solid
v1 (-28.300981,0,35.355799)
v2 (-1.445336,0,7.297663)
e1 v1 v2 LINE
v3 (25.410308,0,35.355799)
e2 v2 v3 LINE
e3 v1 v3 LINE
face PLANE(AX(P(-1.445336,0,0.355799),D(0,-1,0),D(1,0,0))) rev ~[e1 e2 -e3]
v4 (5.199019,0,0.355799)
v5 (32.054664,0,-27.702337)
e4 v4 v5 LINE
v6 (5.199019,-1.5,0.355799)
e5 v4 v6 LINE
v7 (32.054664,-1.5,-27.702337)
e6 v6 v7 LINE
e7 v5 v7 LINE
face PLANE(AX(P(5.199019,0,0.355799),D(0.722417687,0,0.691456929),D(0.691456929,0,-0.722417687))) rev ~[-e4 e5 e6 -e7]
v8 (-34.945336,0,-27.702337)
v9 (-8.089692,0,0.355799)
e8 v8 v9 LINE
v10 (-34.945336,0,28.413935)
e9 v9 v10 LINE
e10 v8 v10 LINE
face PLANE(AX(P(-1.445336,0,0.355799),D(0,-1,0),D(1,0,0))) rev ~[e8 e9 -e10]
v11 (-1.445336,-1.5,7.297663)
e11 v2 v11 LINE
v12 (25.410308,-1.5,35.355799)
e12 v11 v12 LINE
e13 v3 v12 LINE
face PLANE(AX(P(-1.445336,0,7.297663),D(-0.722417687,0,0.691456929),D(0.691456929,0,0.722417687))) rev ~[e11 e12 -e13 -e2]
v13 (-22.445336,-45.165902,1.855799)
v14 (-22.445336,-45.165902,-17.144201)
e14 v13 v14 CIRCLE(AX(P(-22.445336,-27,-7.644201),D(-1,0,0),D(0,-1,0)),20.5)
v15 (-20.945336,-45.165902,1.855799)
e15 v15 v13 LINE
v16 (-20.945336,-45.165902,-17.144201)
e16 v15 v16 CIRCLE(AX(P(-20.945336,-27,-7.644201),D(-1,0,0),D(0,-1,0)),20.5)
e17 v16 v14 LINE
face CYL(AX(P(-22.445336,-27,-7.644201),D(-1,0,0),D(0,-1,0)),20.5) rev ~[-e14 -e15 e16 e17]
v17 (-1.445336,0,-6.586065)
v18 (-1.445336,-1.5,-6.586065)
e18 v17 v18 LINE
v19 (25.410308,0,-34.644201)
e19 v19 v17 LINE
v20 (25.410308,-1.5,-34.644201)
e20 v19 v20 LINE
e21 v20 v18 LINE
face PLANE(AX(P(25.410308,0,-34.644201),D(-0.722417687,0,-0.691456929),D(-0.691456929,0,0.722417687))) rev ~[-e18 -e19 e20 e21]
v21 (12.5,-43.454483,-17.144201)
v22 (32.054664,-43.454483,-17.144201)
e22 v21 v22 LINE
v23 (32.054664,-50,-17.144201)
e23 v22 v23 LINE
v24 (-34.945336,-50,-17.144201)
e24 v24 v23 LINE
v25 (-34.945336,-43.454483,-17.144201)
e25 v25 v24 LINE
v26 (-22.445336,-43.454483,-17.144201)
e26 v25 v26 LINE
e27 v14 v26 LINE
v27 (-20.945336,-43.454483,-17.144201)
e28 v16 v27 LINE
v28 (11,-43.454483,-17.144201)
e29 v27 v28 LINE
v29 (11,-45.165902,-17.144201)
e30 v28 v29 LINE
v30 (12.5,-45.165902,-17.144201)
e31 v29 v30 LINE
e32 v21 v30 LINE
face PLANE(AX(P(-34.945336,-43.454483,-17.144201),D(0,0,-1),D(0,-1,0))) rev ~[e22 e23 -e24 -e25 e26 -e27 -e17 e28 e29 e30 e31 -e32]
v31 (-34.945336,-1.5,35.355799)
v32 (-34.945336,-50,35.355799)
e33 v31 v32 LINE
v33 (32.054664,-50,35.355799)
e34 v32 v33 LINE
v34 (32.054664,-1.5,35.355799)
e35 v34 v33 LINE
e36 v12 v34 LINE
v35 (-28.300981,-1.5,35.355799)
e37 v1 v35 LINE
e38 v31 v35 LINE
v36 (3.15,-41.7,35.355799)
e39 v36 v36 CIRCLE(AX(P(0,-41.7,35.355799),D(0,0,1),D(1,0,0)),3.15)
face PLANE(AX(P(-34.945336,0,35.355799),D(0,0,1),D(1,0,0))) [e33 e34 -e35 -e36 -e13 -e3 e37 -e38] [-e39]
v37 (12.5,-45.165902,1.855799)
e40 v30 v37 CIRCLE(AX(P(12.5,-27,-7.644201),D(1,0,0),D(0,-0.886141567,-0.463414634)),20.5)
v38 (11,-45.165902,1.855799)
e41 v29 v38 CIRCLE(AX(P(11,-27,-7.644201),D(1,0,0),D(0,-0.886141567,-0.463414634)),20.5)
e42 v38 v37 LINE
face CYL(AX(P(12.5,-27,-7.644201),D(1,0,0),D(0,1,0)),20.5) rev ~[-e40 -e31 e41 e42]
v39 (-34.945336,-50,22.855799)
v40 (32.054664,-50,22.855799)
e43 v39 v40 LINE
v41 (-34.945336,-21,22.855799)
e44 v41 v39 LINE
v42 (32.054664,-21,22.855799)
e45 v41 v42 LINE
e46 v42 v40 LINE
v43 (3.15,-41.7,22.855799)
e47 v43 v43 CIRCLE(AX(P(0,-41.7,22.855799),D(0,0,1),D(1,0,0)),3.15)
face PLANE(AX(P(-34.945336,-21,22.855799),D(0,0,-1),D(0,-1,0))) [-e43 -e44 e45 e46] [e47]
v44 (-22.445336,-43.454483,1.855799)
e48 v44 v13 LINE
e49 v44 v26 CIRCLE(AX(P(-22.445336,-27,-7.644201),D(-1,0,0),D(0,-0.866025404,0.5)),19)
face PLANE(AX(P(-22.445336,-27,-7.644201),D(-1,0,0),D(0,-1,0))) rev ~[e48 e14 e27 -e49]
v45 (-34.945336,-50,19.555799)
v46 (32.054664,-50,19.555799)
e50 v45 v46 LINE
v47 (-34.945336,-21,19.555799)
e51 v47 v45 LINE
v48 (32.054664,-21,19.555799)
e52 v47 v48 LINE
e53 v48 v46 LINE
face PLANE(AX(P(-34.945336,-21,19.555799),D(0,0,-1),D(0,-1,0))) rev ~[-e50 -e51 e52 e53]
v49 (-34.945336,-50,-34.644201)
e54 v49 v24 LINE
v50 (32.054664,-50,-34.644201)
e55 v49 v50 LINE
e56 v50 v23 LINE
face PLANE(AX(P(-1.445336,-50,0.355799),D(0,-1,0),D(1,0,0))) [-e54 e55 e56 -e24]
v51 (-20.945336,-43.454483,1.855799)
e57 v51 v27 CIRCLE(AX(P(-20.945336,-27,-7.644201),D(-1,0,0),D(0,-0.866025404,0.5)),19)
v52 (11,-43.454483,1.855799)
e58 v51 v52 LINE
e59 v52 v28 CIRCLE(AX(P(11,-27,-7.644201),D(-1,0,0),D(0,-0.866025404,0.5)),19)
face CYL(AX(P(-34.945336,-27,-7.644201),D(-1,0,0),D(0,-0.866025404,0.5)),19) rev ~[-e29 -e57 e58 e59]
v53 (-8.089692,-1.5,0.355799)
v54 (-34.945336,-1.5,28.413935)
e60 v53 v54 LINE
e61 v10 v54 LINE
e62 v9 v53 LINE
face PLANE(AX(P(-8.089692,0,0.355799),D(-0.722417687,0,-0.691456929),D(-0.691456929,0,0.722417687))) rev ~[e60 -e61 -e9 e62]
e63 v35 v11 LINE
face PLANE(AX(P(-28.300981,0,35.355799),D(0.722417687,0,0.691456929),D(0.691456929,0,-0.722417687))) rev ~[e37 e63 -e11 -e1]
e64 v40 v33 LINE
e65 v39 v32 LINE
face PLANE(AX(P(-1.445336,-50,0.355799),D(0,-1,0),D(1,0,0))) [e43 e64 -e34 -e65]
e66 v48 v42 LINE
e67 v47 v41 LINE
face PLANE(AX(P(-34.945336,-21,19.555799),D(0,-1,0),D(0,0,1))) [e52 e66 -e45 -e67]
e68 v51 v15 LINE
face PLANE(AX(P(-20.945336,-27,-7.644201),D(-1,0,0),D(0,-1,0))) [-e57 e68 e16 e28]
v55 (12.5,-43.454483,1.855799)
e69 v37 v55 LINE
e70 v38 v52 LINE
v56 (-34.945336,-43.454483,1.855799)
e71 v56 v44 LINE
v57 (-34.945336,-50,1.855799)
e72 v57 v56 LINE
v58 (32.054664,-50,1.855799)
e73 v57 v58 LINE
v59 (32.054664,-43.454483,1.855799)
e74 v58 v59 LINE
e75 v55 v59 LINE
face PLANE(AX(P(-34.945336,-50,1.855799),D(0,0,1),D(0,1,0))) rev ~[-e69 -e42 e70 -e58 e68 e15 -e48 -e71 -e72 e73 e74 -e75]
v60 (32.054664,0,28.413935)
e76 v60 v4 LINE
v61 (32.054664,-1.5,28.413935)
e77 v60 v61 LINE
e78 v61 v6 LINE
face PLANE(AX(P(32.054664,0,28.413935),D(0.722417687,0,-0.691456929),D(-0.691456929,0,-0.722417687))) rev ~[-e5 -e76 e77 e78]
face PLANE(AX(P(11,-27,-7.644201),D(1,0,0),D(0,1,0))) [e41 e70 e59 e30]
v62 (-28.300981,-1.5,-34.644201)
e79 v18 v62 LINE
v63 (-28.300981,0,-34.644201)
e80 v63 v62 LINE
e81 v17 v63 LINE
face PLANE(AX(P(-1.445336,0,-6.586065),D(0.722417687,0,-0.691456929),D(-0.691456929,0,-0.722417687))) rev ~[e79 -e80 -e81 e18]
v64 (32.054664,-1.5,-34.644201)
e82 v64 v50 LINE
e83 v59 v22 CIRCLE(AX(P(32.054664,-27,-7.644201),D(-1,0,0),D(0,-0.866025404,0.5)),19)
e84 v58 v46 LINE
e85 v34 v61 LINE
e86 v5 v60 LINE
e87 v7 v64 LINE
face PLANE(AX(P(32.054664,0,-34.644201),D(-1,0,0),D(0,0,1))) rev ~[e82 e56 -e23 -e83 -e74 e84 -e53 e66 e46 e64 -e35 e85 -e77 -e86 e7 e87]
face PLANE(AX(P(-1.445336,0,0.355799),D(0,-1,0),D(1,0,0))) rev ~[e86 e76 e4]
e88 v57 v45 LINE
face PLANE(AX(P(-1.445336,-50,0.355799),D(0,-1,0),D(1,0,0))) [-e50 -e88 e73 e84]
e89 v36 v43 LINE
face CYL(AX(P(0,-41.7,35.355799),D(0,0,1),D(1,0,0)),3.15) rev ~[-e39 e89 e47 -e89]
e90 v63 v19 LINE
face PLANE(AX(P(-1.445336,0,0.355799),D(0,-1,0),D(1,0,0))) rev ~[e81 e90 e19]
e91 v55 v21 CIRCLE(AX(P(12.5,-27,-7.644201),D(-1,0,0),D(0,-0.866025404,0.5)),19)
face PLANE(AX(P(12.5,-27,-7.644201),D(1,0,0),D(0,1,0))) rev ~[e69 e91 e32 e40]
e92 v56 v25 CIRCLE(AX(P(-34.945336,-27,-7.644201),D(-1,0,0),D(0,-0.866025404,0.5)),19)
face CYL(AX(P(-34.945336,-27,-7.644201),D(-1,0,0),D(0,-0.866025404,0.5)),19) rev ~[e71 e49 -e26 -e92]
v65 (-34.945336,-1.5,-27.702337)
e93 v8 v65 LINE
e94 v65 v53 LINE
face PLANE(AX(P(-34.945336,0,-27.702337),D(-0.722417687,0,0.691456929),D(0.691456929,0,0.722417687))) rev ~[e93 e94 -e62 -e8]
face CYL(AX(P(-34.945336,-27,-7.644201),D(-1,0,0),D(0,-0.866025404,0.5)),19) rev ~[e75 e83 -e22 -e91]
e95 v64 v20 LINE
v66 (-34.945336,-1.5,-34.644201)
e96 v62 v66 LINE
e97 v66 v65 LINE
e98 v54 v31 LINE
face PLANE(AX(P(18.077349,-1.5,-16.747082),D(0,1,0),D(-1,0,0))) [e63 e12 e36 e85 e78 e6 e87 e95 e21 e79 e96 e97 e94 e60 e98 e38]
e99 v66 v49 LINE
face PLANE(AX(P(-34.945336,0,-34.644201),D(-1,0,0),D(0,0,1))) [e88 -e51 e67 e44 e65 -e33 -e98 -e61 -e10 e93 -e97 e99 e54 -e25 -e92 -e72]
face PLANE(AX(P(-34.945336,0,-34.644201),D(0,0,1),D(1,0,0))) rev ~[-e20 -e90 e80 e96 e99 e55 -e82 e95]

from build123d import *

# Parameters (mm, degrees)
F0_W      = 67
F0_H      = 70
F1_DEPTH  = 50
F3_DEPTH  = 1.5
F5_DEPTH  = 67
F7_R      = 20.5
F8_DEPTH  = 1.5
F9_W      = 29
F9_H      = 3.3
F10_DEPTH = 67
F12_R     = 20.5
F13_DEPTH = 1.5
F14_R     = 3.15
F15_DEPTH = 12.5


with BuildPart() as f1:
    # F0 (on Front) → F1 (new body)
    with BuildSketch(Plane.XZ):
        with Locations((-1.4453364354, 0.3557987511)):
            Rectangle(F0_W, F0_H)
    extrude(amount=F1_DEPTH)

    # F2 (on face) → F3 (cut)
    with BuildSketch(Plane(origin=(0, 0, 0), x_dir=(-1, 0, 0), z_dir=(0, 1, 0))):
        Polygon((-32.0546635646, -27.7023371982), (-32.0546635646, -34.6442012489), (-1.8768413603, -3.1151332742), (-5.199019156, 0.3557987511), align=None)
        Polygon((-1.8768413603, -3.1151332742), (-32.0546635646, -34.6442012489), (-25.4103079732, -34.6442012489), (1.4453364354, -6.5860652996), align=None)
        Polygon((-5.199019156, 0.3557987511), (-1.8768413603, -3.1151332742), (1.4453364354, 0.3557987511), (-1.8768413603, 3.8267307765), align=None)
        Polygon((1.4453364354, 0.3557987511), (-1.8768413603, -3.1151332742), (1.4453364354, -6.5860652996), (4.7675142311, -3.1151332742), align=None)
        Polygon((-1.8768413603, 3.8267307765), (1.4453364354, 0.3557987511), (4.7675142311, 3.8267307765), (1.4453364354, 7.2976628018), align=None)
        Polygon((4.7675142311, 3.8267307765), (1.4453364354, 0.3557987511), (4.7675142311, -3.1151332742), (8.0896920268, 0.3557987511), align=None)
        Polygon((-32.0546635646, 28.4139347004), (-5.199019156, 0.3557987511), (-1.8768413603, 3.8267307765), (-32.0546635646, 35.3557987511), align=None)
        Polygon((34.9453364354, 35.3557987511), (4.7675142311, 3.8267307765), (8.0896920268, 0.3557987511), (34.9453364354, 28.4139347004), align=None)
        Polygon((8.0896920268, 0.3557987511), (4.7675142311, -3.1151332742), (34.9453364354, -34.6442012489), (34.9453364354, -27.7023371982), align=None)
        Polygon((-32.0546635646, 35.3557987511), (-1.8768413603, 3.8267307765), (1.4453364354, 7.2976628018), (-25.4103079732, 35.3557987511), align=None)
        Polygon((1.4453364354, 7.2976628018), (4.7675142311, 3.8267307765), (34.9453364354, 35.3557987511), (28.300980844, 35.3557987511), align=None)
        Polygon((4.7675142311, -3.1151332742), (1.4453364354, -6.5860652996), (28.300980844, -34.6442012489), (34.9453364354, -34.6442012489), align=None)
    extrude(amount=-F3_DEPTH, mode=Mode.SUBTRACT)

    # F4 (on face) → F5 (cut, through all)
    with BuildSketch(Plane(origin=(-34.9453364354, 0, 0), x_dir=(0, -1, 0), z_dir=(-1, 0, 0))):
        with BuildLine():
            ThreePointArc((43.4544826719, 1.8557987511), (45.3525906995, -2.7266393919), (46, -7.6442012489))
            Line((46, -7.6442012489), (46.011290825, -7.6442012489))
            ThreePointArc((46.011290825, -7.6442012489), (45.3609147785, -2.7251752291), (43.4544826719, 1.8557987511))
        make_face()
        with BuildLine():
            Line((46.011290825, -7.6442012489), (46, -7.6442012489))
            ThreePointArc((46, -7.6442012489), (45.3525906995, -12.5617631058), (43.4544826719, -17.1442012489))
            ThreePointArc((43.4544826719, -17.1442012489), (45.3609147785, -12.5632272686), (46.011290825, -7.6442012489))
        make_face()
        with BuildLine():
            Line((50, 1.8557987511), (43.4544826719, 1.8557987511))
            ThreePointArc((43.4544826719, 1.8557987511), (45.3609147785, -2.7251752291), (46.011290825, -7.6442012489))
            Line((46.011290825, -7.6442012489), (50, -7.6442012489))
            Line((50, -7.6442012489), (50, 1.8557987511))
        make_face()
        with BuildLine():
            ThreePointArc((43.4544826719, -17.1442012489), (45.3525906995, -12.5617631058), (46, -7.6442012489))
            ThreePointArc((46, -7.6442012489), (45.3525906995, -2.7266393919), (43.4544826719, 1.8557987511))
            ThreePointArc((43.4544826719, 1.8557987511), (8, -7.6442012489), (43.4544826719, -17.1442012489))
        make_face()
        with BuildLine():
            ThreePointArc((46.011290825, -7.6442012489), (45.3609147785, -12.5632272686), (43.4544826719, -17.1442012489))
            Line((43.4544826719, -17.1442012489), (50, -17.1442012489))
            Line((50, -17.1442012489), (50, -7.6442012489))
            Line((50, -7.6442012489), (46.011290825, -7.6442012489))
        make_face()
    extrude(amount=-F5_DEPTH, mode=Mode.SUBTRACT)

    # F7 (on offset) → F8 (cut)
    with BuildSketch(Plane.YZ.offset(12.5)):
        with Locations((-27, -7.6442012489)):
            Circle(F7_R)
    extrude(amount=-F8_DEPTH, mode=Mode.SUBTRACT)

    # F9 (on face) → F10 (cut, through all)
    with BuildSketch(Plane(origin=(-34.9453364354, 0, 0), x_dir=(0, -1, 0), z_dir=(-1, 0, 0))):
        with Locations((35.5, 21.2057987511)):
            Rectangle(F9_W, F9_H)
    extrude(amount=-F10_DEPTH, mode=Mode.SUBTRACT)

    # F12 (on offset) → F13 (cut)
    with BuildSketch(Plane(origin=(-22.4453364354, 0, 0), x_dir=(0, -1, 0), z_dir=(-1, 0, 0))):
        with Locations((27, -7.6442012489)):
            Circle(F12_R)
    extrude(amount=-F13_DEPTH, mode=Mode.SUBTRACT)

    # F14 (on face) → F15 (cut, through all)
    with BuildSketch(Plane.XY.offset(35.3557987511)):
        with Locations((0, -41.7)):
            Circle(F14_R)
    extrude(amount=-F15_DEPTH, mode=Mode.SUBTRACT)


solid = f1.part
